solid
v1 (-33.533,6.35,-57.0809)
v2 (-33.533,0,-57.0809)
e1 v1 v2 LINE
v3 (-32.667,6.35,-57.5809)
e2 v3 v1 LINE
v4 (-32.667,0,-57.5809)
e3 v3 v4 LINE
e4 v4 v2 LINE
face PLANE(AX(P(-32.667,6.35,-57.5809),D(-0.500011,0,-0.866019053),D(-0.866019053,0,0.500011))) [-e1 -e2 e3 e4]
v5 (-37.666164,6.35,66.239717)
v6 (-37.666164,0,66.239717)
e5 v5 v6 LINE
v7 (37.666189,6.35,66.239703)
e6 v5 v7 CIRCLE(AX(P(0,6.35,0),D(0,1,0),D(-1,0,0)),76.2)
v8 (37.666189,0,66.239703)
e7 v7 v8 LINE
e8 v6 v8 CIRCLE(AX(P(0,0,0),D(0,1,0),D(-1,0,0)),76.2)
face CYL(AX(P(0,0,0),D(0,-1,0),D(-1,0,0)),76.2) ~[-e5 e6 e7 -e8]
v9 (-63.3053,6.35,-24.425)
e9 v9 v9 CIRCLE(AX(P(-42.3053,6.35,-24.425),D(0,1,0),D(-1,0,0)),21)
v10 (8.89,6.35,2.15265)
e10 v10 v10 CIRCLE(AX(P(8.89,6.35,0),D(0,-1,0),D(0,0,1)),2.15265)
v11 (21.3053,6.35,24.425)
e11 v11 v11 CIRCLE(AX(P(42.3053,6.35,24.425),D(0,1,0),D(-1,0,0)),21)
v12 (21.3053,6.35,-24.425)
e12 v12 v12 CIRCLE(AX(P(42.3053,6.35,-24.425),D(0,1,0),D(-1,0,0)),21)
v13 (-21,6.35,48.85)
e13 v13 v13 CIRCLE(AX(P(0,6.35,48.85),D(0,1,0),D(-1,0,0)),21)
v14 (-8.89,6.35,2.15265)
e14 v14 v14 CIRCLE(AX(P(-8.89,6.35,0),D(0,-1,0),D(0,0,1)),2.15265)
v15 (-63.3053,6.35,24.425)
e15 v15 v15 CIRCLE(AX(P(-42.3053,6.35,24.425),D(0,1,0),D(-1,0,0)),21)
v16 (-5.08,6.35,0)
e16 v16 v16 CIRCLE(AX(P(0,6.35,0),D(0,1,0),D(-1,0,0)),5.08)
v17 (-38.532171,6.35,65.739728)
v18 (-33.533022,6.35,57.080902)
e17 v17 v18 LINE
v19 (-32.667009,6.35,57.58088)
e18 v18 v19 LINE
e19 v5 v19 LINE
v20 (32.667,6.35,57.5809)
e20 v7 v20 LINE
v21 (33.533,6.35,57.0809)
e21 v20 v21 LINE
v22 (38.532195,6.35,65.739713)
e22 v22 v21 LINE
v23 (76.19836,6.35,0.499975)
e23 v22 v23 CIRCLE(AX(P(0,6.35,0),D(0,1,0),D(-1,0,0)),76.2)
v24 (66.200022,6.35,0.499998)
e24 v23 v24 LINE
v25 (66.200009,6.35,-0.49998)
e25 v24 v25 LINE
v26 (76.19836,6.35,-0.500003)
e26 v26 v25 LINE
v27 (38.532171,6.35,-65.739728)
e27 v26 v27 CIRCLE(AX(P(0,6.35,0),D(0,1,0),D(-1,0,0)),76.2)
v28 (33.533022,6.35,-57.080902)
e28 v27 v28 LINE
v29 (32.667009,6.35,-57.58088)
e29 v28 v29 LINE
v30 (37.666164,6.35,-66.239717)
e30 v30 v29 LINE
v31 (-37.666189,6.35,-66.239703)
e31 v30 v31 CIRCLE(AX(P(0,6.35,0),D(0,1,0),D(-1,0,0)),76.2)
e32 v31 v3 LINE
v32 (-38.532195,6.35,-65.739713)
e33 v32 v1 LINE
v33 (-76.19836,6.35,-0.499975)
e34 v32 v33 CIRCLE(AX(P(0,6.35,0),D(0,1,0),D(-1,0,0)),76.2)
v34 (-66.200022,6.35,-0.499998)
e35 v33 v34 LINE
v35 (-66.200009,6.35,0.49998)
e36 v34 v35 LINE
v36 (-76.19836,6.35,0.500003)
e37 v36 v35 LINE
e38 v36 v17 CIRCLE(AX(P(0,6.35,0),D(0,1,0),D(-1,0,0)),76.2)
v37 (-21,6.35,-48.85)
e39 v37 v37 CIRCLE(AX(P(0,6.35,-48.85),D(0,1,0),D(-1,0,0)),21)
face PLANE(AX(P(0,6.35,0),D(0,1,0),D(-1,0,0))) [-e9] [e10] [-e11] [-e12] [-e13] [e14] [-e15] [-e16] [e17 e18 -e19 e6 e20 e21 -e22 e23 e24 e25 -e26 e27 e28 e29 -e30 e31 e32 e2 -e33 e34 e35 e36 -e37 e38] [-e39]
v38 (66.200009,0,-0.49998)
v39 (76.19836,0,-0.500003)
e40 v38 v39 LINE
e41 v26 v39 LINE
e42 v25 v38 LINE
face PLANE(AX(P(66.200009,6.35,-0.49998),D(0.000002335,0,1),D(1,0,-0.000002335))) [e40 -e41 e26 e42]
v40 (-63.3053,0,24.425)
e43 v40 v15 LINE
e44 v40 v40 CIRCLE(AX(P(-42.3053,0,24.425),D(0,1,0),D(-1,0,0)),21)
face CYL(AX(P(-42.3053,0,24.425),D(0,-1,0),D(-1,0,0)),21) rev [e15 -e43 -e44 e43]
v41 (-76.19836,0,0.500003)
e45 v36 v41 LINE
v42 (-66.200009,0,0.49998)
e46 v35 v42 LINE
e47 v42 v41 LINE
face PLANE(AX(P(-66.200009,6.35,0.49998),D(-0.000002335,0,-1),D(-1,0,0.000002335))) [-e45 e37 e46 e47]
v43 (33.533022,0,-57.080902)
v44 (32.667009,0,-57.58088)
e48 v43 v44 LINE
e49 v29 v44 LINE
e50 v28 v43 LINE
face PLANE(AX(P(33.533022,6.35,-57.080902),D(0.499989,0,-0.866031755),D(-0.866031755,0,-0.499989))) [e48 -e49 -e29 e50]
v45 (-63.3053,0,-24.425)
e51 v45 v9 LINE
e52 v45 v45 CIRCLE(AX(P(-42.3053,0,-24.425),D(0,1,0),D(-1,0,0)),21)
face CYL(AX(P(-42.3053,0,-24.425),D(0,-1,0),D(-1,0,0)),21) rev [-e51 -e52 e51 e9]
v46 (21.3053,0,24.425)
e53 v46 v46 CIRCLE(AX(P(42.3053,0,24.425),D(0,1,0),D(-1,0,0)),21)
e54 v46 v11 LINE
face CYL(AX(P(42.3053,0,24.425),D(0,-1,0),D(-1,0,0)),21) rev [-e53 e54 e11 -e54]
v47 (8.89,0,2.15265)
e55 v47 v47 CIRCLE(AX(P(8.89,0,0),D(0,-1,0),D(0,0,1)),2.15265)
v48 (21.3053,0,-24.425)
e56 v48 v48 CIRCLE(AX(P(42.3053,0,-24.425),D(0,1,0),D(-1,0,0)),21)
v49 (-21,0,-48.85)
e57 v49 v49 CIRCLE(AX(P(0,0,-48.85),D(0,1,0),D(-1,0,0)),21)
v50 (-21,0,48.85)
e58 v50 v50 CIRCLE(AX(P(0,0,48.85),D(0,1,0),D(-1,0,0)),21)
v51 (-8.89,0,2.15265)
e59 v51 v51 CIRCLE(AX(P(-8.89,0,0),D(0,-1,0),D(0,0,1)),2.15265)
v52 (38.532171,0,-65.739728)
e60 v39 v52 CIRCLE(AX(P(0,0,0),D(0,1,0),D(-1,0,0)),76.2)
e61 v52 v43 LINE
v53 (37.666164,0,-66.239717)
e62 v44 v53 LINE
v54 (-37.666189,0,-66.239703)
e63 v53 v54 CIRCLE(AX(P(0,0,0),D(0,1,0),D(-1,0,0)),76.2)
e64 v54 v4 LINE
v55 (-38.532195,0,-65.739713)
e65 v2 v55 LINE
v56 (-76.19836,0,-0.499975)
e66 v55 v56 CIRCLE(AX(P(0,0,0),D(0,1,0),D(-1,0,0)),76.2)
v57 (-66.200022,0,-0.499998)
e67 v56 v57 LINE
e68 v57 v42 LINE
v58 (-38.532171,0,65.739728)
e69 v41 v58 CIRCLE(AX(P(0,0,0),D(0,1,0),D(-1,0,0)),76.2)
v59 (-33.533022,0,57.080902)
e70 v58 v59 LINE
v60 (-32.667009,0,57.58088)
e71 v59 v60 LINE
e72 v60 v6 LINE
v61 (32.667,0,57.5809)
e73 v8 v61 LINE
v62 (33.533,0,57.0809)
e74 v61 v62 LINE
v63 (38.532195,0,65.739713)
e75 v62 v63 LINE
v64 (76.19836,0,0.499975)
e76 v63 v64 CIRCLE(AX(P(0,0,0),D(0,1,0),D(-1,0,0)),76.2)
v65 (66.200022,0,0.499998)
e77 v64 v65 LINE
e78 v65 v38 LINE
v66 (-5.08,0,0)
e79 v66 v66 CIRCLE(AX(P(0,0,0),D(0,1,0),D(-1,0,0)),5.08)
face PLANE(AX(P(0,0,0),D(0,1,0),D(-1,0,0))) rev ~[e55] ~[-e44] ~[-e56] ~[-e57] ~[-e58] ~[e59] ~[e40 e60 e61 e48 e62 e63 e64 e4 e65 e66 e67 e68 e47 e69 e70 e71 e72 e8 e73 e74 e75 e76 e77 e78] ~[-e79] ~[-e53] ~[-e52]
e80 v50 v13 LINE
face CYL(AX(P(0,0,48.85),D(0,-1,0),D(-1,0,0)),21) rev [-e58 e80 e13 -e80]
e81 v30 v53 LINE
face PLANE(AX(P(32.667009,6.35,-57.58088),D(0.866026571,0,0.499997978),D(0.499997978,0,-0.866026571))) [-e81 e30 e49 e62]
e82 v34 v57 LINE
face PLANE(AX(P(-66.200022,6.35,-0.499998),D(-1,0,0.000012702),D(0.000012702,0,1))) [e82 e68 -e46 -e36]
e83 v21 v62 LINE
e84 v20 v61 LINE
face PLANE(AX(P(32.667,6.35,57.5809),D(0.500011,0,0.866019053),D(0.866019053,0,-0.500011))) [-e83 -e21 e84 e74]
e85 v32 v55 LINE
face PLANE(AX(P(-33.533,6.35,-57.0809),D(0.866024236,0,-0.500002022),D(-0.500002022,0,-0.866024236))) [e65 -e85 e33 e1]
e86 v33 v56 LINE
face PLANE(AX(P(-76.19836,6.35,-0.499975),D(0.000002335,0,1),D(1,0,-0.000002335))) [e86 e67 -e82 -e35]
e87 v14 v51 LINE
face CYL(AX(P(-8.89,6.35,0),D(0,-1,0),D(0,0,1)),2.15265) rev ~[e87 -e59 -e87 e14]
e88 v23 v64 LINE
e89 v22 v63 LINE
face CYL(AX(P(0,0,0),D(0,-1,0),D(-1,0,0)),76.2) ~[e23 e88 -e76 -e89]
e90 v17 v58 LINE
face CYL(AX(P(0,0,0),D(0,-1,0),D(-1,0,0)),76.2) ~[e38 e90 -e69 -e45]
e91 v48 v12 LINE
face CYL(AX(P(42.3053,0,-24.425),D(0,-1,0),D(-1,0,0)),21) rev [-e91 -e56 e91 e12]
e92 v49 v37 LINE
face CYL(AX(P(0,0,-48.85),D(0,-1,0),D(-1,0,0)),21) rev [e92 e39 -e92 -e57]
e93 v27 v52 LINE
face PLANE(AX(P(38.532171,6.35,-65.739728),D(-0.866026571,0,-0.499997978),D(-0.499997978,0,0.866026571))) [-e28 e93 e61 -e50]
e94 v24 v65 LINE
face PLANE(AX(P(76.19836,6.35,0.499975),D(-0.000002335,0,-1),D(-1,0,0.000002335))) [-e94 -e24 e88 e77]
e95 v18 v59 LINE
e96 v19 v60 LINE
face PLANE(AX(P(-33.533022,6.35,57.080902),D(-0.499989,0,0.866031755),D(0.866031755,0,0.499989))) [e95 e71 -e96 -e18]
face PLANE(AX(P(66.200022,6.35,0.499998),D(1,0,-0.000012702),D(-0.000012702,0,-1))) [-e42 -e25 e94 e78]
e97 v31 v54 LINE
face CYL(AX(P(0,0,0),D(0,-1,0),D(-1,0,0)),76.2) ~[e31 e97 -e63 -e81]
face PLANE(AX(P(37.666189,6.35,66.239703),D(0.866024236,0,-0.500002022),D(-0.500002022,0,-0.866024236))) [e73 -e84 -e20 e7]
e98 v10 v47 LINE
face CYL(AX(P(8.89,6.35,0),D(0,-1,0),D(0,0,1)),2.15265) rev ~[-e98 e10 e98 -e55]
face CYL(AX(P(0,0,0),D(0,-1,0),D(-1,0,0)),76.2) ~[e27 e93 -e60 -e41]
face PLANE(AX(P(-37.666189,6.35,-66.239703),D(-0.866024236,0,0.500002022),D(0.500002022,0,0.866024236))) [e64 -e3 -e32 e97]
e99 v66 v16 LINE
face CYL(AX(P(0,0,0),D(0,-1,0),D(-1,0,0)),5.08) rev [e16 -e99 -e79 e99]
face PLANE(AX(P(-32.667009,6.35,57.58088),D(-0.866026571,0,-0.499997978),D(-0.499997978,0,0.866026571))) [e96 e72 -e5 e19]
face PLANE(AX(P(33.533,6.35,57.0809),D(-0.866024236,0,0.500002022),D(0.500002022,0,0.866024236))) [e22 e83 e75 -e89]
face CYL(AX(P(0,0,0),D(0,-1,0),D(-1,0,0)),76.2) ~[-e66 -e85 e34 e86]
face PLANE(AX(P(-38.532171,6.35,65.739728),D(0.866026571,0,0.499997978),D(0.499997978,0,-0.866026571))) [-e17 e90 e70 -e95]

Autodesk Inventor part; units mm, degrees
ref_plane "YZ Plane" through (0, 0, 0) normal (1, 0, 0) x (0, 1, 0)
ref_plane "XZ Plane" through (0, 0, 0) normal (0, 1, 0) x (-1, 0, 0)
ref_plane "XY Plane" through (0, 0, 0) normal (0, 0, 1) x (1, 0, 0)
sketch "Sketch1" plane through (0, 0, 0) normal (0, 1, 0) x (-1, 0, 0)
  circle A0 centre (0, -48.85) radius 21
  line L0 (0, -48.85) -> (0, 0) construction
  circle A1 centre (42.3053, -24.425) radius 21
  circle A2 centre (42.3053, 24.425) radius 21
  circle A3 centre (0, 48.85) radius 21
  circle A4 centre (-42.3053, 24.425) radius 21
  circle A5 centre (-42.3053, -24.425) radius 21
  circle A6 centre (0, 0) radius 76.2
  circle A7 centre (0, 0) radius 5.08
  dimension "d0" = 42
  dimension "d2" = 48.85
  dimension "d5" = 360
  dimension "d7" = 152.4
  dimension "d8" = 10.16
extrude "Extrusion1" add sketch "Sketch1" along normal blind 6.35
sketch "Sketch2" plane through (0, 6.35, 0) normal (0, 1, 0) x (1, 0, 0)
  circle A0 centre (0, 0) radius 5.08 projected
  line L0 (-8.89, 0) -> (8.89, 0) construction
  dimension "d11" = 17.78
hole "Hole1" at (-8.89, 6.35, 0) at (8.89, 6.35, 0) direction (0, -1, 0) diameter 4.3053 end through all
sketch "Sketch3" plane through (0, 6.35, 0) normal (0, 1, 0) x (1, 0, 0)
  circle A0 centre (-8.89, 0) radius 2.1526 projected
  circle A1 centre (0, 0) radius 5.08 projected
  circle A2 centre (0, 0) radius 76.2 projected
  line L0 (-32.667, 57.5809) -> (-33.533, 57.0809)
  line L1 (-33.533, 57.0809) -> (-39.803, 67.9408)
  line L2 (-39.803, 67.9408) -> (-38.937, 68.4408)
  line L3 (-38.937, 68.4408) -> (-32.667, 57.5809)
  line L4 (-33.1, 57.3309) -> (-39.37, 68.1908) construction
  line L5 (0, 0) -> (-8.89, 0) construction
  dimension "d21" = 10
  dimension "d22" = 1
  dimension "d23" = 60
  dimension "d29" = 2.54
extrude "Extrusion2" cut sketch "Sketch3" against normal through all contours L3 L0 L1 A2 | A2 L1 L2 L3 picked at (-34.8148, 60.1898)
pattern_circular "Circular Pattern1" count 6 over 360 about axis through (0, -10, 0) along (0, 1, 0) of "Extrusion2"
properties part number "carousel"
